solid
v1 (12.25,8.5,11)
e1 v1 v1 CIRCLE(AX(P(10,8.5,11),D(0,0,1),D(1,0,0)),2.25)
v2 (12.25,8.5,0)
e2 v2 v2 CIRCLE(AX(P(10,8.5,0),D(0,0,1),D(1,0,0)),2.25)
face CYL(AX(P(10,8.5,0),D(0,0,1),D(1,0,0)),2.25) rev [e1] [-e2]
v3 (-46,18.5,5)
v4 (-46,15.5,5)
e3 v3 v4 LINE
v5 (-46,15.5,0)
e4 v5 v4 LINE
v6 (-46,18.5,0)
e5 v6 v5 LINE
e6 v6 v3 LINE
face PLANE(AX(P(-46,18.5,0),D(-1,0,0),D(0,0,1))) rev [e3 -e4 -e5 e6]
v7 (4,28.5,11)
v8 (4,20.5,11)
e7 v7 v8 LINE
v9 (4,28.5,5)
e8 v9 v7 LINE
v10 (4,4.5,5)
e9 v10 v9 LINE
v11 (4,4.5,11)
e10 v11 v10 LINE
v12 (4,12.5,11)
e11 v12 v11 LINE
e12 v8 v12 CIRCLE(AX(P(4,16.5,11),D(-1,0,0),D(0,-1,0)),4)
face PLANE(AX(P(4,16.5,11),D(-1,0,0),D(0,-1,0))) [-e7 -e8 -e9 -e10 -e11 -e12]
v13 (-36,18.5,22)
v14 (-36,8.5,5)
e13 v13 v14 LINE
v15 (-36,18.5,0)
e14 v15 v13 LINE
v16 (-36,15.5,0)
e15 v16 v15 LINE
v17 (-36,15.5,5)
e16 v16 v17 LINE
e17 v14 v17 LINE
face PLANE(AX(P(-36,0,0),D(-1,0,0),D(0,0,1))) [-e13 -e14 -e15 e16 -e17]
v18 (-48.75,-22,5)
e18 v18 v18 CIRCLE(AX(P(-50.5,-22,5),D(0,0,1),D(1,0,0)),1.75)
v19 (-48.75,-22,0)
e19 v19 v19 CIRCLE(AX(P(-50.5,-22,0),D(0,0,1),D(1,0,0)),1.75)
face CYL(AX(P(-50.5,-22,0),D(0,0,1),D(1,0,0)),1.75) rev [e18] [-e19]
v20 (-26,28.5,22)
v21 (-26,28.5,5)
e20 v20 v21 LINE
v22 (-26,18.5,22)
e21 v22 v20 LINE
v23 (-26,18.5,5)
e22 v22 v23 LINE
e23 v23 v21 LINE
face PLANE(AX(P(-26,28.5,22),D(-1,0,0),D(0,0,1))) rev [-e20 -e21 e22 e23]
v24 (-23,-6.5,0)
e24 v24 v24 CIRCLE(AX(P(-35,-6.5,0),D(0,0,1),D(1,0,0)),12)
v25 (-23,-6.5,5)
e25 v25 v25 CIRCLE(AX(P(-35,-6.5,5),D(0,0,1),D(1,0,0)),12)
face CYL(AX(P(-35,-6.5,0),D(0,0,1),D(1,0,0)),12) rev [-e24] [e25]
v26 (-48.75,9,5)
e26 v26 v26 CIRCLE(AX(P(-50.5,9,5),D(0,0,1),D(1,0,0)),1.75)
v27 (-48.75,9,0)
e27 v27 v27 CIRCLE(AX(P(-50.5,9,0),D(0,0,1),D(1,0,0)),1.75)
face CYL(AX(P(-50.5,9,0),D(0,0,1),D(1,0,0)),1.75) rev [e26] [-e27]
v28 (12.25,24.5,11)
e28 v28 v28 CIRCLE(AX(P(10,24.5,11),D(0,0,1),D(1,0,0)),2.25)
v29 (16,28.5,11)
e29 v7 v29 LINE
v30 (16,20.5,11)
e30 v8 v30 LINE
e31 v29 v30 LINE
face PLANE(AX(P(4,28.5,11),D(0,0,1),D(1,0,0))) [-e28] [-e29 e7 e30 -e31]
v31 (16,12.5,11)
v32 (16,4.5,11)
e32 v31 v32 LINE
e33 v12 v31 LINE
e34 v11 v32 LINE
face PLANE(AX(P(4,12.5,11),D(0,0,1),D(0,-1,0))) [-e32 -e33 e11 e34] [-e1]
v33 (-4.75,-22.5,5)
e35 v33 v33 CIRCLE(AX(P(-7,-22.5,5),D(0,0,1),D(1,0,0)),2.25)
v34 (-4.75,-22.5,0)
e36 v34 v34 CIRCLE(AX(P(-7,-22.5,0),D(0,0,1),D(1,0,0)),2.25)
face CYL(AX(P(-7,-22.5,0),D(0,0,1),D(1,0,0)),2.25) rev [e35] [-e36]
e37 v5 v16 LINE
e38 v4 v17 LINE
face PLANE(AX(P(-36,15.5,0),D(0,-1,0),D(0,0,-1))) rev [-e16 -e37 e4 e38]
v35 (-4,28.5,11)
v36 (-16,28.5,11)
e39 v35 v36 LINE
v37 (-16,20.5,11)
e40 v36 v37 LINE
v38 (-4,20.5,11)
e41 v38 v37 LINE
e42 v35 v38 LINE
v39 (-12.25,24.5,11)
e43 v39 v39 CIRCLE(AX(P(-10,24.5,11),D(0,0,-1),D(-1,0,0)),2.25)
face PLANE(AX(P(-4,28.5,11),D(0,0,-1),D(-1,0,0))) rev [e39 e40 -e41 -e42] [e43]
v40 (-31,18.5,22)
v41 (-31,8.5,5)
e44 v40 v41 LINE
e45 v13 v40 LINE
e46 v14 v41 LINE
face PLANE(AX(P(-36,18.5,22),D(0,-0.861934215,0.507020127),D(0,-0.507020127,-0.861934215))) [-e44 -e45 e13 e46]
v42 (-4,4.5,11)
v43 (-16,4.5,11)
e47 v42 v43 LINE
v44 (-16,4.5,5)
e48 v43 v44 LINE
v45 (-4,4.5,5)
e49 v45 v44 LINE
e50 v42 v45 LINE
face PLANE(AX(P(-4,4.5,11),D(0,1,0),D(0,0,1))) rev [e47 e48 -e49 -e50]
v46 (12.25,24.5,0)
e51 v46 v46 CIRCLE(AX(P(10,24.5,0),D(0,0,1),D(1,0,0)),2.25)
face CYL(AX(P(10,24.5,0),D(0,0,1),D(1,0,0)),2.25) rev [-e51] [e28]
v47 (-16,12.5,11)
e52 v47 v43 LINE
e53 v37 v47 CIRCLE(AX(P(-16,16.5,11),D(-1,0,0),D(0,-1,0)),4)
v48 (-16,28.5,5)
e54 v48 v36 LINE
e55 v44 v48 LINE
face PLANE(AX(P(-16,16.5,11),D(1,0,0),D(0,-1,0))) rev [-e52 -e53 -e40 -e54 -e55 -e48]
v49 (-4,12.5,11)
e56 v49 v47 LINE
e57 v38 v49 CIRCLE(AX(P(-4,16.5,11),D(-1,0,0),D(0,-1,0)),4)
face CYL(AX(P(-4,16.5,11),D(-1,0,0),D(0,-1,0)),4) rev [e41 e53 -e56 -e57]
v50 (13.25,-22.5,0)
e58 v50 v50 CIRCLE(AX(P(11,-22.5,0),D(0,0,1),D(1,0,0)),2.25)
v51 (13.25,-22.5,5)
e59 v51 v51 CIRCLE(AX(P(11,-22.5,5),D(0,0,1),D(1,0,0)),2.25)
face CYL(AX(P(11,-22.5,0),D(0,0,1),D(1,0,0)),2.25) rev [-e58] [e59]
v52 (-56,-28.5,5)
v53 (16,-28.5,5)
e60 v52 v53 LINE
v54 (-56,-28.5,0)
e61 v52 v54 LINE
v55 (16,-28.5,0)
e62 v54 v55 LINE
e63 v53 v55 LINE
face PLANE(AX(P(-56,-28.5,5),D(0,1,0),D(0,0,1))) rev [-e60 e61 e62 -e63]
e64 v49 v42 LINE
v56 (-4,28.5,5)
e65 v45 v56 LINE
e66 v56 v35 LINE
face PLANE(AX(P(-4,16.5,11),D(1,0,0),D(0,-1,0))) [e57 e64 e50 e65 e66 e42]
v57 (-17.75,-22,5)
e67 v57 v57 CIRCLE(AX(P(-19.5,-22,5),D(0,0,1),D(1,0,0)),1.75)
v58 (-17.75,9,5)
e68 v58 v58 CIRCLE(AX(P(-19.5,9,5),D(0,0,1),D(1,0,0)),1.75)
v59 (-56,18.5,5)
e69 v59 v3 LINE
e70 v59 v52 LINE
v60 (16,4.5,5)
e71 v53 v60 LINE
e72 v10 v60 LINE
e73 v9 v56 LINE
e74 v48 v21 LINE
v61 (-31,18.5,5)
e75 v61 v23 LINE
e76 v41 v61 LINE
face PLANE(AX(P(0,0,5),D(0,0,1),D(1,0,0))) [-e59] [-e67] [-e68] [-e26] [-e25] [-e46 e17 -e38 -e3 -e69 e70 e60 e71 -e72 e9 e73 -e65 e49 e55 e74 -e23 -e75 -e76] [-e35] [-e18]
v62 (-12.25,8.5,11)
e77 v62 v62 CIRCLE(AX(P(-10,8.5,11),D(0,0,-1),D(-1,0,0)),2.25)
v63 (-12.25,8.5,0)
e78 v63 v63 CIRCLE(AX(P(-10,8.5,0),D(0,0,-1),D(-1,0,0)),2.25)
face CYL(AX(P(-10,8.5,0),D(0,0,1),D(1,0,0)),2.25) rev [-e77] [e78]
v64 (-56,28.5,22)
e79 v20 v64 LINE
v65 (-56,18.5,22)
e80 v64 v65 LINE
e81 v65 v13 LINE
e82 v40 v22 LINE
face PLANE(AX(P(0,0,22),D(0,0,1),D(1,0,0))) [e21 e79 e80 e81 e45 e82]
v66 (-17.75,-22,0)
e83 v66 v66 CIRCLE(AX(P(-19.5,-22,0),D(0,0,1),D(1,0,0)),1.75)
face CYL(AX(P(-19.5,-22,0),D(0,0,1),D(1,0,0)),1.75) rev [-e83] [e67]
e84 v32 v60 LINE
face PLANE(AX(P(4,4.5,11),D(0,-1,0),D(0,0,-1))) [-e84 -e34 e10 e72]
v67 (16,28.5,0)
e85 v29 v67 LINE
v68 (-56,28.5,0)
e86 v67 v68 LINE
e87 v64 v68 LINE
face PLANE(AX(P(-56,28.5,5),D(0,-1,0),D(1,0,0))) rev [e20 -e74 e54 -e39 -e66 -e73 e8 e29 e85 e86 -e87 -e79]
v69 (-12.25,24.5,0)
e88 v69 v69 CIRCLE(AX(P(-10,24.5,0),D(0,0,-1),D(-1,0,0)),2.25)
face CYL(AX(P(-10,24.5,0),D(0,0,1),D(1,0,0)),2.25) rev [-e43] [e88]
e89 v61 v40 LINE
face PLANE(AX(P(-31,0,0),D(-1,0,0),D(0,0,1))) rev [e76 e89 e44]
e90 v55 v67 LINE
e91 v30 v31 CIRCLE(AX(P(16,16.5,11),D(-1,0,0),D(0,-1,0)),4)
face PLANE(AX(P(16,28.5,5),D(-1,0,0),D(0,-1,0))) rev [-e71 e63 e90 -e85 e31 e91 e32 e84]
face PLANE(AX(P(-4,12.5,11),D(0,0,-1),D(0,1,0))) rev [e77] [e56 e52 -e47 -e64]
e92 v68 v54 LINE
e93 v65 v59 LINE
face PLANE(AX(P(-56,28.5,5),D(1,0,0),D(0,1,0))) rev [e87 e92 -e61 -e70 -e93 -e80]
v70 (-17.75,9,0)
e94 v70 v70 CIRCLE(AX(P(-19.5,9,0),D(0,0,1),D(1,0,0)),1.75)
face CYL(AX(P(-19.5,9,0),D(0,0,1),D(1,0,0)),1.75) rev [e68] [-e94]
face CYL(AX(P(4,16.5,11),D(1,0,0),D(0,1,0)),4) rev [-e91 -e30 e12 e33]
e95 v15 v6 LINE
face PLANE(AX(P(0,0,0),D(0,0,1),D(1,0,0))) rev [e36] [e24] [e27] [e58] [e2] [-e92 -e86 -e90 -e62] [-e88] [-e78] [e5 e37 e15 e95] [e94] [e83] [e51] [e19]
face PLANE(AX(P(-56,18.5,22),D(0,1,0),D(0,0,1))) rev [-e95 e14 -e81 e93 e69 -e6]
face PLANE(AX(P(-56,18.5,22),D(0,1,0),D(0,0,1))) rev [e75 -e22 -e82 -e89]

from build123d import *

# Parameters (mm, degrees)
SKETCH1_W           = 72
SKETCH1_H           = 57
BOSS_EXTRUDE1_DEPTH = 5
BOSS_EXTRUDE2_DEPTH = 12
SKETCH5_R           = 2.25
CUT_EXTRUDE2_DEPTH  = 64.790673299
SKETCH4_R           = 12
SKETCH4_R_2         = 1.75
CUT_EXTRUDE1_DEPTH  = 64.120915709
SKETCH6_R           = 2.25
CUT_EXTRUDE3_DEPTH  = 64.120915709
SKETCH7_W           = 30
SKETCH7_H           = 10
BOSS_EXTRUDE3_DEPTH = 17
BOSS_EXTRUDE4_START = -5
BOSS_EXTRUDE4_DEPTH = 5
SKETCH9_W           = 10
SKETCH9_H           = 3
CUT_EXTRUDE4_DEPTH  = 66.094162565


with BuildPart() as part:
    # Sketch1 → Boss-Extrude1 (new body)
    with BuildSketch(Plane.XY):
        with Locations((-20, 0)):
            Rectangle(SKETCH1_W, SKETCH1_H)
    extrude(amount=BOSS_EXTRUDE1_DEPTH)

    # Sketch3 → Boss-Extrude2 (add)
    with BuildSketch(Plane(origin=(16, 0, 0), x_dir=(0, 0, -1), z_dir=(1, 0, 0))):
        with BuildLine():
            Line((-5, 28.5), (-11, 28.5))
            Line((-11, 28.5), (-11, 20.5))
            ThreePointArc((-11, 20.5), (-7, 16.5), (-11, 12.5))
            Line((-11, 12.5), (-11, 4.5))
            Line((-11, 4.5), (-5, 4.5))
            Line((-5, 4.5), (-5, 28.5))
        make_face()
    boss_extrude2 = extrude(amount=-BOSS_EXTRUDE2_DEPTH)

    # Sketch5 → Cut-Extrude2 (cut, through all)
    with BuildSketch(Plane.XY.offset(11)):
        with Locations((10, 24.5)):
            Circle(SKETCH5_R)
        with Locations((10, 8.5)):
            Circle(SKETCH5_R)
    cut_extrude2 = extrude(amount=-CUT_EXTRUDE2_DEPTH, mode=Mode.SUBTRACT)

    # Mirror1: Boss-Extrude2, Cut-Extrude2 across plane
    add(boss_extrude2.mirror(Plane(origin=(0, 0, 0), x_dir=(0, 0, 1), z_dir=(1, 0, 0))))
    add(cut_extrude2.mirror(Plane(origin=(0, 0, 0), x_dir=(0, 0, 1), z_dir=(1, 0, 0))), mode=Mode.SUBTRACT)

    # Sketch4 → Cut-Extrude1 (cut, through all)
    with BuildSketch(Plane.XY.offset(5)):
        with Locations((-35, -6.5)):
            Circle(SKETCH4_R)
        with Locations((-50.5, 9)):
            Circle(SKETCH4_R_2)
        with Locations((-19.5, 9)):
            Circle(SKETCH4_R_2)
        with Locations((-19.5, -22)):
            Circle(SKETCH4_R_2)
        with Locations((-50.5, -22)):
            Circle(SKETCH4_R_2)
    extrude(amount=-CUT_EXTRUDE1_DEPTH, mode=Mode.SUBTRACT)

    # Sketch6 → Cut-Extrude3 (cut, through all)
    with BuildSketch(Plane.XY.offset(5)):
        with Locations((-7, -22.5)):
            Circle(SKETCH6_R)
        with Locations((11, -22.5)):
            Circle(SKETCH6_R)
    extrude(amount=-CUT_EXTRUDE3_DEPTH, mode=Mode.SUBTRACT)

    # Sketch7 → Boss-Extrude3 (add)
    with BuildSketch(Plane.XY.offset(5)):
        with Locations((-41, 23.5)):
            Rectangle(SKETCH7_W, SKETCH7_H)
    extrude(amount=BOSS_EXTRUDE3_DEPTH)

    # Sketch8 → Boss-Extrude4 (add)
    with BuildSketch(Plane(origin=(-26, 0, 0), x_dir=(0, 0, -1), z_dir=(1, 0, 0)).offset(BOSS_EXTRUDE4_START)):
        Polygon((-22, 18.5), (-5, 8.5), (-5, 18.5), align=None)
    extrude(amount=-BOSS_EXTRUDE4_DEPTH)

    # Sketch9 → Cut-Extrude4 (cut, through all)
    with BuildSketch(Plane.XY.offset(5)):
        with Locations((-41, 17)):
            Rectangle(SKETCH9_W, SKETCH9_H)
    extrude(amount=-CUT_EXTRUDE4_DEPTH, mode=Mode.SUBTRACT)


solid = part.part
